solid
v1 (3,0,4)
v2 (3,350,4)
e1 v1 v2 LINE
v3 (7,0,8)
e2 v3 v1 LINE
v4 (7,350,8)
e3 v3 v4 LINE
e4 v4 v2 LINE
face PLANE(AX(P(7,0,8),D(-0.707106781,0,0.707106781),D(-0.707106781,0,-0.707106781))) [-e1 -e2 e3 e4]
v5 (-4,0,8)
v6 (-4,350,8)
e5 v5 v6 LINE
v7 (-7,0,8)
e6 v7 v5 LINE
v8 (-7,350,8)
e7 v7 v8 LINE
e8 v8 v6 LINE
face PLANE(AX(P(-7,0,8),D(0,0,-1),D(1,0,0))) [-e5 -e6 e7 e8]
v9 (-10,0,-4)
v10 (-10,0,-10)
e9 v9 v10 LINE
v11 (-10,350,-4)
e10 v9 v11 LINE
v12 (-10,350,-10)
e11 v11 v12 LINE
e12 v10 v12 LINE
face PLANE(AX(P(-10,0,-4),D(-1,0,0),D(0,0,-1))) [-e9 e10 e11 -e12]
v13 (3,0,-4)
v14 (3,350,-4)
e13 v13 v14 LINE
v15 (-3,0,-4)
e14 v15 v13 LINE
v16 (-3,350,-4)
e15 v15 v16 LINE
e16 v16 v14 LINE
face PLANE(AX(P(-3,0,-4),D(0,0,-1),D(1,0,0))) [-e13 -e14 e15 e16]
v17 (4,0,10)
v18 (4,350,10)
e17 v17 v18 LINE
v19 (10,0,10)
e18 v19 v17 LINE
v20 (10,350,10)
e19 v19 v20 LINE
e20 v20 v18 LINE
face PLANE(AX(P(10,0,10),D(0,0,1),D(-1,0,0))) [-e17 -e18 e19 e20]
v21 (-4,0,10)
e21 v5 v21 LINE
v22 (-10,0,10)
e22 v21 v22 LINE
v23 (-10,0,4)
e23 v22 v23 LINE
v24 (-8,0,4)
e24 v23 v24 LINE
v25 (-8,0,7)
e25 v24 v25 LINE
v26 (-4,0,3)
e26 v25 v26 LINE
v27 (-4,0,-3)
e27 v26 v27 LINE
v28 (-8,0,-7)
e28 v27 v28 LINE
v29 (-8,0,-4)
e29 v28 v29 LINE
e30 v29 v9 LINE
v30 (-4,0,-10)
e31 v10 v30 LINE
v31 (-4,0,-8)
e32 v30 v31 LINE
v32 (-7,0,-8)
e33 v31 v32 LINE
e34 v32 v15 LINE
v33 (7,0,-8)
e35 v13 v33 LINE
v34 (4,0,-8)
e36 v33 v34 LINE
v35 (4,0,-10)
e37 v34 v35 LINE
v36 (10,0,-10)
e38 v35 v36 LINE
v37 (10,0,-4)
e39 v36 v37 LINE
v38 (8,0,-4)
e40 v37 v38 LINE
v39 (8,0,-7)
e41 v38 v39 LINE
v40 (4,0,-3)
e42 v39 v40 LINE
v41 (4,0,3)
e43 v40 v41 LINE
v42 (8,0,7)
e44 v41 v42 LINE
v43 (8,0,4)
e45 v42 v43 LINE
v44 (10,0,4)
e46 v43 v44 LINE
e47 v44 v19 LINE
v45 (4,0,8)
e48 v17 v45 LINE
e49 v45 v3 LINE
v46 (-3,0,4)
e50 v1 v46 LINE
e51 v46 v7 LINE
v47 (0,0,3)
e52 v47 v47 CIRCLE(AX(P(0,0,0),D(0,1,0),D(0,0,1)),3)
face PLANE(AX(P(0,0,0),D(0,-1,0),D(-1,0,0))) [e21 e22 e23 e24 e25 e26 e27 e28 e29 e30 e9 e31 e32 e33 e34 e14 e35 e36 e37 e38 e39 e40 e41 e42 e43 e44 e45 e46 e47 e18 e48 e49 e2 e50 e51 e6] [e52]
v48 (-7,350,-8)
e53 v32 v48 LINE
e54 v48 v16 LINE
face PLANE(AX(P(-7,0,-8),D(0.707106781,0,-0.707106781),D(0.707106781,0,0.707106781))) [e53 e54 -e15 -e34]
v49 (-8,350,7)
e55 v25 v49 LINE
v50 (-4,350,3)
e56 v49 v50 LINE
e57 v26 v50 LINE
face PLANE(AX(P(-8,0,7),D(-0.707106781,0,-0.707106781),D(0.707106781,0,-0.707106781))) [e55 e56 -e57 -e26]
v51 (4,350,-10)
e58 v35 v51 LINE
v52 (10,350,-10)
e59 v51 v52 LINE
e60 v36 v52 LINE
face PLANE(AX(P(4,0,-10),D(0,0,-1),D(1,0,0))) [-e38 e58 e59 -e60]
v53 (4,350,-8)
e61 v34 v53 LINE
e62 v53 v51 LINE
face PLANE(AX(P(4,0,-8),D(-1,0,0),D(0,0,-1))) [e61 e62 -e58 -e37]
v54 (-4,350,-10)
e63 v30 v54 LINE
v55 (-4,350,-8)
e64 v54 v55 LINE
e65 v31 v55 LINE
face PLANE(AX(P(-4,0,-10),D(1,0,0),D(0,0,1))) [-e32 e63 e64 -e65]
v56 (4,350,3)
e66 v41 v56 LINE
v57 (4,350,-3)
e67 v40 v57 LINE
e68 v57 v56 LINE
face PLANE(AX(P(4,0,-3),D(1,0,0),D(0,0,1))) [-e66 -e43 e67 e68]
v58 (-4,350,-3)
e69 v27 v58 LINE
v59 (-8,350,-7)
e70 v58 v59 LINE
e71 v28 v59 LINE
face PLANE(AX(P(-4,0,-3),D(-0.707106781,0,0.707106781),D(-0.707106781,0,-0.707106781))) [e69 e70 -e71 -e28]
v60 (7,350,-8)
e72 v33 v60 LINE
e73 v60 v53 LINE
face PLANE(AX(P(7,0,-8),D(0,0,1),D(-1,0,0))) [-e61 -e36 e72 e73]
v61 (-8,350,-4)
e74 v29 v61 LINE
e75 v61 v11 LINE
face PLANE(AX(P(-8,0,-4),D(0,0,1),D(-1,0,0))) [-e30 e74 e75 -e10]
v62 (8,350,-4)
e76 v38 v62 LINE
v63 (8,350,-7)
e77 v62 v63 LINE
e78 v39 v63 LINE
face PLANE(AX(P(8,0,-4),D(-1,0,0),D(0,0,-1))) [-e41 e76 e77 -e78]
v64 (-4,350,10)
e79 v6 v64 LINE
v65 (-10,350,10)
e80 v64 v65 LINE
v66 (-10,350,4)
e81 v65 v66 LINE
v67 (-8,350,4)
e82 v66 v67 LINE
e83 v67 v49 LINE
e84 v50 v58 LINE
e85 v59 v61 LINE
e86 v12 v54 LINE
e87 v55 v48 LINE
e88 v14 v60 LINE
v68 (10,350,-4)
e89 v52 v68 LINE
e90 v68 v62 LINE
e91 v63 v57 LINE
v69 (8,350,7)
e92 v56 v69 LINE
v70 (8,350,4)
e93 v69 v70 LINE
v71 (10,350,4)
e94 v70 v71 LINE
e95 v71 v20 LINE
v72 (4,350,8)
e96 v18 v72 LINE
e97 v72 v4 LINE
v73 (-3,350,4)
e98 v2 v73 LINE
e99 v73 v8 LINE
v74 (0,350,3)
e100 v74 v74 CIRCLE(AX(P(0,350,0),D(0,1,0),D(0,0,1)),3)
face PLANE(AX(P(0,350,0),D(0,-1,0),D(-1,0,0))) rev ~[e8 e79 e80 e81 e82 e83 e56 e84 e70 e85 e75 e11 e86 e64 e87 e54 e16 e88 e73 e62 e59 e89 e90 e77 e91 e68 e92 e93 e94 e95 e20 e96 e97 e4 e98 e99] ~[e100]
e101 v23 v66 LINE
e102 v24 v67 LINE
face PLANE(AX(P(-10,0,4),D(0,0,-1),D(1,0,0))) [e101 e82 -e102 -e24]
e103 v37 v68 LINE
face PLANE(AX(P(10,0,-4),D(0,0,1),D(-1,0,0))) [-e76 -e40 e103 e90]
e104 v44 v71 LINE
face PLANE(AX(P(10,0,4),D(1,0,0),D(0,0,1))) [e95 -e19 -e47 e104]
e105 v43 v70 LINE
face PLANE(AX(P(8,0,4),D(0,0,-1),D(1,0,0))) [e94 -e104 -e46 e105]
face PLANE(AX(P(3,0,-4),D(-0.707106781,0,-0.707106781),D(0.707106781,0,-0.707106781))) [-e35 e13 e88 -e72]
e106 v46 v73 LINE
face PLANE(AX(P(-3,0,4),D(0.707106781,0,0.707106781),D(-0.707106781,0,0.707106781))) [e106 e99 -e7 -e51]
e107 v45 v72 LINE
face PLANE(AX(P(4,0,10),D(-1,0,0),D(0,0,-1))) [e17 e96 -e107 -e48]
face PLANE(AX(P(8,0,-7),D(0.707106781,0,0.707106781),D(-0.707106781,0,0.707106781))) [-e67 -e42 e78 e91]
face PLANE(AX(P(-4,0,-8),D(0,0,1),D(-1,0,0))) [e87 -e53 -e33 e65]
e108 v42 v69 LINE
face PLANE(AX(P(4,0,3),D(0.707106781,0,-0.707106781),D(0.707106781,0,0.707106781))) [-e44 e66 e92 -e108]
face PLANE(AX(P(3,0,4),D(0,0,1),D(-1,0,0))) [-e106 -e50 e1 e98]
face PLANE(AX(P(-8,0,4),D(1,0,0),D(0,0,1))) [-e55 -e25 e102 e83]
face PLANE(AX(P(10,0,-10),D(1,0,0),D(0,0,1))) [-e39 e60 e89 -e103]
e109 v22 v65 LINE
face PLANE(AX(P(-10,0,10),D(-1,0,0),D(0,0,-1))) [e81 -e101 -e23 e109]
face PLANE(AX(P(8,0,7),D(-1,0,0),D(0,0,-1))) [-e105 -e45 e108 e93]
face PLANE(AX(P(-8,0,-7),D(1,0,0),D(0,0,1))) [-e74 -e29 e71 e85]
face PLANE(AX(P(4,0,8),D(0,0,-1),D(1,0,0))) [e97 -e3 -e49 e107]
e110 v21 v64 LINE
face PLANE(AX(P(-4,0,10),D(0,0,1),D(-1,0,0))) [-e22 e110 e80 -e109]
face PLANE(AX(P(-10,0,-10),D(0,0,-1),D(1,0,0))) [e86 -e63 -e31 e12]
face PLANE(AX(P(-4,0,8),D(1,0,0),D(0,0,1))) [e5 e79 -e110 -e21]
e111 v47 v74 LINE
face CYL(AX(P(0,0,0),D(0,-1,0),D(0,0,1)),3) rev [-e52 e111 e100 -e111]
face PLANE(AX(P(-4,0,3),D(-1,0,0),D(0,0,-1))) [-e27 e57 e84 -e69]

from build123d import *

# Parameters (mm, degrees)
F_2020_SKETCH_R     = 3
BOSS_EXTRUDE1_DEPTH = 350


with BuildPart() as part:
    # 2020 sketch → Boss-Extrude1 (new body)
    with BuildSketch(Plane(origin=(0, 0, 0), x_dir=(1, 0, 0), z_dir=(0, 1, 0))):
        Polygon((-4, 10), (-4, 8), (-7, 8), (-3, 4), (3, 4), (7, 8), (4, 8), (4, 10), (10, 10), (10, 4), (8, 4), (8, 7), (4, 3), (4, -3), (8, -7), (8, -4), (10, -4), (10, -10), (4, -10), (4, -8), (7, -8), (3, -4), (-3, -4), (-7, -8), (-4, -8), (-4, -10), (-10, -10), (-10, -4), (-8, -4), (-8, -7), (-4, -3), (-4, 3), (-8, 7), (-8, 4), (-10, 4), (-10, 10), align=None)
        with Locations(Location((0, 0, 0), (0, 0, 270))):
            Circle(F_2020_SKETCH_R, mode=Mode.SUBTRACT)
    extrude(amount=BOSS_EXTRUDE1_DEPTH)


solid = part.part
